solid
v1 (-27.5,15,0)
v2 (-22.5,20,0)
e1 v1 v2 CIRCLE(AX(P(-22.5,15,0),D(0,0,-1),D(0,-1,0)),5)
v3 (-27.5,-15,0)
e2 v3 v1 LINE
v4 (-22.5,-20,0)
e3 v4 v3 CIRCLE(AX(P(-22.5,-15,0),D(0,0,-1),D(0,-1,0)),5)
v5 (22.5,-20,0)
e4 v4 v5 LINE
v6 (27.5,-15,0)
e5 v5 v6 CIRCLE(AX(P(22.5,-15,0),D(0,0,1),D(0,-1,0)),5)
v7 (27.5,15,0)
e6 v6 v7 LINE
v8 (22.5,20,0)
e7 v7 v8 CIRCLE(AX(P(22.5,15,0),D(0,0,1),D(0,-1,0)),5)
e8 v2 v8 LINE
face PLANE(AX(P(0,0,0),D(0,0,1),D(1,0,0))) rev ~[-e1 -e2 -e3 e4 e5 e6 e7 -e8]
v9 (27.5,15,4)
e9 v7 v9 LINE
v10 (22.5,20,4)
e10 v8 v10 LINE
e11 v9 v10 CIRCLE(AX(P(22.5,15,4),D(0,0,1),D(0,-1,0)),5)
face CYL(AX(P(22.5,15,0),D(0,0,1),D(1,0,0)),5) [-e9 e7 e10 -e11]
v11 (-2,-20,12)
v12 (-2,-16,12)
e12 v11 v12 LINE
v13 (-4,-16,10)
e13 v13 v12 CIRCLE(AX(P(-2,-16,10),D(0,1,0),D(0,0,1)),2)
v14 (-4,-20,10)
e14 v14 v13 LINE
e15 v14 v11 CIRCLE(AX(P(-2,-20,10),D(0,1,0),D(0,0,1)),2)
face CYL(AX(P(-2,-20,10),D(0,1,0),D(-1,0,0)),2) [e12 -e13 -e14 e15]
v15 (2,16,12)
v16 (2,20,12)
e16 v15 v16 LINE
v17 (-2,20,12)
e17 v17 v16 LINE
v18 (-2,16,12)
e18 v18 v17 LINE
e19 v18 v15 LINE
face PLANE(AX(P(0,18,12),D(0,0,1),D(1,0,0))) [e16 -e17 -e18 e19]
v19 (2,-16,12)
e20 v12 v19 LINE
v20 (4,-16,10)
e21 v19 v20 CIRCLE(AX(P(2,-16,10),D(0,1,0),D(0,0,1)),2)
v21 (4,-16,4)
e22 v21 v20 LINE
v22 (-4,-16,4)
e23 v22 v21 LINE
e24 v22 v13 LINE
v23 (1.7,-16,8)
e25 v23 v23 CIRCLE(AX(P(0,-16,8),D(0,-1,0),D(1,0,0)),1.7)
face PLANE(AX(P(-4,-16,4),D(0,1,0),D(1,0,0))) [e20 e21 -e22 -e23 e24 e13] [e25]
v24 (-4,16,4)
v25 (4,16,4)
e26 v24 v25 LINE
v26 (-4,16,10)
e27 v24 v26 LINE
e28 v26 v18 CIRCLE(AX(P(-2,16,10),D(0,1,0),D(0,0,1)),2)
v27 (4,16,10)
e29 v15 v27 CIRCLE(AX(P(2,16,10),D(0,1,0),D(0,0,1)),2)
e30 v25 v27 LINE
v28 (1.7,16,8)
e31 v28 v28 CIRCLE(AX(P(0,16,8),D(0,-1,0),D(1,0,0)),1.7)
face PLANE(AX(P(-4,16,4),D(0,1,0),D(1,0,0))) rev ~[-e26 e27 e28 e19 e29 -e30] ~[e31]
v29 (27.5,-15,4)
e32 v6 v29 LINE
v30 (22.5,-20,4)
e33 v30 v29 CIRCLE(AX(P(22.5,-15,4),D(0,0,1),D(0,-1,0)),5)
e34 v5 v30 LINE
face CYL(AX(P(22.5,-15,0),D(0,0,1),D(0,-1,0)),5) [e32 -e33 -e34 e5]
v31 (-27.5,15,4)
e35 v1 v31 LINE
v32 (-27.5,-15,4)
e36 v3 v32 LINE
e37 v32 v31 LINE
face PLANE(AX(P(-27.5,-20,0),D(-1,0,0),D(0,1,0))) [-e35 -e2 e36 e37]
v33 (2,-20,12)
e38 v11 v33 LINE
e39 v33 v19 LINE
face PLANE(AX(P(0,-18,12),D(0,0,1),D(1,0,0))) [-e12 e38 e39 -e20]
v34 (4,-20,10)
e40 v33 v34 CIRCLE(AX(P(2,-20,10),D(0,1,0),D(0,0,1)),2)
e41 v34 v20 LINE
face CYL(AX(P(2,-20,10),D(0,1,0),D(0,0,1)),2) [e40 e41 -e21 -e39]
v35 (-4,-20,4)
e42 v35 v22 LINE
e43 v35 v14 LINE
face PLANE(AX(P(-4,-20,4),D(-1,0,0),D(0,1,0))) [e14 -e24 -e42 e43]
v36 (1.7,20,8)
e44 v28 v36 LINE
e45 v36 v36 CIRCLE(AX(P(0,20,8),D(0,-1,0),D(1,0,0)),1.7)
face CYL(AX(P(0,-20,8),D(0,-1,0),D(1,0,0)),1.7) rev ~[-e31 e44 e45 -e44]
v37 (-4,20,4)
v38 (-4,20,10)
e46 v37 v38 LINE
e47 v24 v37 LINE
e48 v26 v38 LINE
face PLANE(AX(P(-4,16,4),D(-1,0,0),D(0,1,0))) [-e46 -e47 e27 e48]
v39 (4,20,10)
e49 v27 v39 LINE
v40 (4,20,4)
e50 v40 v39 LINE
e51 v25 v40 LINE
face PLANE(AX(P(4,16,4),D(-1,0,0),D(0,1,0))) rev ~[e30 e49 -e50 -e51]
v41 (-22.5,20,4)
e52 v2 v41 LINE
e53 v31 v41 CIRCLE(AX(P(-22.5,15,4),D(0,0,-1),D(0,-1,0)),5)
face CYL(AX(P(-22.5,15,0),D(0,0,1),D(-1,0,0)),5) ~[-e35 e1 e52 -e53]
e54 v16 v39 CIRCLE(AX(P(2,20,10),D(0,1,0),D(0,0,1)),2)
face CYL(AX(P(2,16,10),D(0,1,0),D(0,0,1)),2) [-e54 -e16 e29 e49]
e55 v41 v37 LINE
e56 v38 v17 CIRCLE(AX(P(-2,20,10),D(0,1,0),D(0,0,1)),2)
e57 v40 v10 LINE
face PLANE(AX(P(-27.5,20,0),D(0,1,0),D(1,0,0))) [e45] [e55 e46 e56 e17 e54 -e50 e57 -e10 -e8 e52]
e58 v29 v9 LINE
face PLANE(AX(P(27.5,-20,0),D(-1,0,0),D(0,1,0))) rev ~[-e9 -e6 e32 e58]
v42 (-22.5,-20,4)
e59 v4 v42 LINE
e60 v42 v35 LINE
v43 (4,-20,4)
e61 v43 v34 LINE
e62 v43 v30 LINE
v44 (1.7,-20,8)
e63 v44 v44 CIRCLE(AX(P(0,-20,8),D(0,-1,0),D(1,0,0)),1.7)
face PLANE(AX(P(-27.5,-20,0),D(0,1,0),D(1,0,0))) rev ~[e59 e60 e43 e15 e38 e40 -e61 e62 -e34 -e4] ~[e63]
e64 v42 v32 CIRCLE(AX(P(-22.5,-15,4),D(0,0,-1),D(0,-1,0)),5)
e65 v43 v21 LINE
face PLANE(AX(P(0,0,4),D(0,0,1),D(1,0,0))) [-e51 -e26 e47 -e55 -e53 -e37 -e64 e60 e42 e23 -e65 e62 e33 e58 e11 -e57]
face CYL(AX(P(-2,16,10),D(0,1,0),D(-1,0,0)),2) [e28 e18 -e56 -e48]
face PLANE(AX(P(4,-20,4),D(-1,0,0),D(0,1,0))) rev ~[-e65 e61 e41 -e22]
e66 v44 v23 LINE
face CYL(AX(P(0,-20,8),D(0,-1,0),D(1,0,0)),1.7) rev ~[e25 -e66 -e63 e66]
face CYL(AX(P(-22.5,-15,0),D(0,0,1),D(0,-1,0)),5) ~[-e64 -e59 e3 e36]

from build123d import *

# Parameters (mm, degrees)
MIRROREDSKETCH_W = 8
MIRROREDSKETCH_H = 4
PAD002_DEPTH     = 8
SKETCH_W         = 55
SKETCH_H         = 40
PAD_DEPTH        = 4
SKETCH001_W      = 8
SKETCH001_H      = 4
PAD001_DEPTH     = 8
SKETCH002_R      = 1.7
POCKET_DEPTH     = 40.001
FILLET_R         = 2
FILLET001_R      = 5


with BuildPart() as pad002:
    # MirroredSketch → Pad002 (new body)
    with BuildSketch(Plane.XY.offset(4)):
        with Locations((0, -18)):
            Rectangle(MIRROREDSKETCH_W, MIRROREDSKETCH_H)
    extrude(amount=PAD002_DEPTH)


with BuildPart() as fillet001:
    # Sketch → Pad (new body)
    with BuildSketch(Plane.XY):
        Rectangle(SKETCH_W, SKETCH_H)
    extrude(amount=PAD_DEPTH)

    # Sketch001 → Pad001 (new body)
    with BuildSketch(Plane.XY.offset(4)):
        with Locations((0, 18)):
            Rectangle(SKETCH001_W, SKETCH001_H)
    extrude(amount=PAD001_DEPTH)

    # Fusion: union Pad002
    add(pad002.part)

    # Sketch002 → Pocket (cut, through all)
    with BuildSketch(Plane.XZ.offset(20)):
        with Locations((0, 8)):
            Circle(SKETCH002_R)
    extrude(amount=-POCKET_DEPTH, mode=Mode.SUBTRACT)

    # Fillet
    fillet_edges = [fillet001.edges().sort_by_distance(p)[0] for p in [
        (4, -18, 12),
        (-4, -18, 12),
        (4, 18, 12),
        (-4, 18, 12),
    ]]
    fillet(fillet_edges, radius=FILLET_R)

    # Fillet001
    fillet001_edges = [fillet001.edges().sort_by_distance(p)[0] for p in [
        (27.5, 20, 2),
        (-27.5, 20, 2),
        (27.5, -20, 2),
        (-27.5, -20, 2),
    ]]
    fillet(fillet001_edges, radius=FILLET001_R)


solid = fillet001.part
